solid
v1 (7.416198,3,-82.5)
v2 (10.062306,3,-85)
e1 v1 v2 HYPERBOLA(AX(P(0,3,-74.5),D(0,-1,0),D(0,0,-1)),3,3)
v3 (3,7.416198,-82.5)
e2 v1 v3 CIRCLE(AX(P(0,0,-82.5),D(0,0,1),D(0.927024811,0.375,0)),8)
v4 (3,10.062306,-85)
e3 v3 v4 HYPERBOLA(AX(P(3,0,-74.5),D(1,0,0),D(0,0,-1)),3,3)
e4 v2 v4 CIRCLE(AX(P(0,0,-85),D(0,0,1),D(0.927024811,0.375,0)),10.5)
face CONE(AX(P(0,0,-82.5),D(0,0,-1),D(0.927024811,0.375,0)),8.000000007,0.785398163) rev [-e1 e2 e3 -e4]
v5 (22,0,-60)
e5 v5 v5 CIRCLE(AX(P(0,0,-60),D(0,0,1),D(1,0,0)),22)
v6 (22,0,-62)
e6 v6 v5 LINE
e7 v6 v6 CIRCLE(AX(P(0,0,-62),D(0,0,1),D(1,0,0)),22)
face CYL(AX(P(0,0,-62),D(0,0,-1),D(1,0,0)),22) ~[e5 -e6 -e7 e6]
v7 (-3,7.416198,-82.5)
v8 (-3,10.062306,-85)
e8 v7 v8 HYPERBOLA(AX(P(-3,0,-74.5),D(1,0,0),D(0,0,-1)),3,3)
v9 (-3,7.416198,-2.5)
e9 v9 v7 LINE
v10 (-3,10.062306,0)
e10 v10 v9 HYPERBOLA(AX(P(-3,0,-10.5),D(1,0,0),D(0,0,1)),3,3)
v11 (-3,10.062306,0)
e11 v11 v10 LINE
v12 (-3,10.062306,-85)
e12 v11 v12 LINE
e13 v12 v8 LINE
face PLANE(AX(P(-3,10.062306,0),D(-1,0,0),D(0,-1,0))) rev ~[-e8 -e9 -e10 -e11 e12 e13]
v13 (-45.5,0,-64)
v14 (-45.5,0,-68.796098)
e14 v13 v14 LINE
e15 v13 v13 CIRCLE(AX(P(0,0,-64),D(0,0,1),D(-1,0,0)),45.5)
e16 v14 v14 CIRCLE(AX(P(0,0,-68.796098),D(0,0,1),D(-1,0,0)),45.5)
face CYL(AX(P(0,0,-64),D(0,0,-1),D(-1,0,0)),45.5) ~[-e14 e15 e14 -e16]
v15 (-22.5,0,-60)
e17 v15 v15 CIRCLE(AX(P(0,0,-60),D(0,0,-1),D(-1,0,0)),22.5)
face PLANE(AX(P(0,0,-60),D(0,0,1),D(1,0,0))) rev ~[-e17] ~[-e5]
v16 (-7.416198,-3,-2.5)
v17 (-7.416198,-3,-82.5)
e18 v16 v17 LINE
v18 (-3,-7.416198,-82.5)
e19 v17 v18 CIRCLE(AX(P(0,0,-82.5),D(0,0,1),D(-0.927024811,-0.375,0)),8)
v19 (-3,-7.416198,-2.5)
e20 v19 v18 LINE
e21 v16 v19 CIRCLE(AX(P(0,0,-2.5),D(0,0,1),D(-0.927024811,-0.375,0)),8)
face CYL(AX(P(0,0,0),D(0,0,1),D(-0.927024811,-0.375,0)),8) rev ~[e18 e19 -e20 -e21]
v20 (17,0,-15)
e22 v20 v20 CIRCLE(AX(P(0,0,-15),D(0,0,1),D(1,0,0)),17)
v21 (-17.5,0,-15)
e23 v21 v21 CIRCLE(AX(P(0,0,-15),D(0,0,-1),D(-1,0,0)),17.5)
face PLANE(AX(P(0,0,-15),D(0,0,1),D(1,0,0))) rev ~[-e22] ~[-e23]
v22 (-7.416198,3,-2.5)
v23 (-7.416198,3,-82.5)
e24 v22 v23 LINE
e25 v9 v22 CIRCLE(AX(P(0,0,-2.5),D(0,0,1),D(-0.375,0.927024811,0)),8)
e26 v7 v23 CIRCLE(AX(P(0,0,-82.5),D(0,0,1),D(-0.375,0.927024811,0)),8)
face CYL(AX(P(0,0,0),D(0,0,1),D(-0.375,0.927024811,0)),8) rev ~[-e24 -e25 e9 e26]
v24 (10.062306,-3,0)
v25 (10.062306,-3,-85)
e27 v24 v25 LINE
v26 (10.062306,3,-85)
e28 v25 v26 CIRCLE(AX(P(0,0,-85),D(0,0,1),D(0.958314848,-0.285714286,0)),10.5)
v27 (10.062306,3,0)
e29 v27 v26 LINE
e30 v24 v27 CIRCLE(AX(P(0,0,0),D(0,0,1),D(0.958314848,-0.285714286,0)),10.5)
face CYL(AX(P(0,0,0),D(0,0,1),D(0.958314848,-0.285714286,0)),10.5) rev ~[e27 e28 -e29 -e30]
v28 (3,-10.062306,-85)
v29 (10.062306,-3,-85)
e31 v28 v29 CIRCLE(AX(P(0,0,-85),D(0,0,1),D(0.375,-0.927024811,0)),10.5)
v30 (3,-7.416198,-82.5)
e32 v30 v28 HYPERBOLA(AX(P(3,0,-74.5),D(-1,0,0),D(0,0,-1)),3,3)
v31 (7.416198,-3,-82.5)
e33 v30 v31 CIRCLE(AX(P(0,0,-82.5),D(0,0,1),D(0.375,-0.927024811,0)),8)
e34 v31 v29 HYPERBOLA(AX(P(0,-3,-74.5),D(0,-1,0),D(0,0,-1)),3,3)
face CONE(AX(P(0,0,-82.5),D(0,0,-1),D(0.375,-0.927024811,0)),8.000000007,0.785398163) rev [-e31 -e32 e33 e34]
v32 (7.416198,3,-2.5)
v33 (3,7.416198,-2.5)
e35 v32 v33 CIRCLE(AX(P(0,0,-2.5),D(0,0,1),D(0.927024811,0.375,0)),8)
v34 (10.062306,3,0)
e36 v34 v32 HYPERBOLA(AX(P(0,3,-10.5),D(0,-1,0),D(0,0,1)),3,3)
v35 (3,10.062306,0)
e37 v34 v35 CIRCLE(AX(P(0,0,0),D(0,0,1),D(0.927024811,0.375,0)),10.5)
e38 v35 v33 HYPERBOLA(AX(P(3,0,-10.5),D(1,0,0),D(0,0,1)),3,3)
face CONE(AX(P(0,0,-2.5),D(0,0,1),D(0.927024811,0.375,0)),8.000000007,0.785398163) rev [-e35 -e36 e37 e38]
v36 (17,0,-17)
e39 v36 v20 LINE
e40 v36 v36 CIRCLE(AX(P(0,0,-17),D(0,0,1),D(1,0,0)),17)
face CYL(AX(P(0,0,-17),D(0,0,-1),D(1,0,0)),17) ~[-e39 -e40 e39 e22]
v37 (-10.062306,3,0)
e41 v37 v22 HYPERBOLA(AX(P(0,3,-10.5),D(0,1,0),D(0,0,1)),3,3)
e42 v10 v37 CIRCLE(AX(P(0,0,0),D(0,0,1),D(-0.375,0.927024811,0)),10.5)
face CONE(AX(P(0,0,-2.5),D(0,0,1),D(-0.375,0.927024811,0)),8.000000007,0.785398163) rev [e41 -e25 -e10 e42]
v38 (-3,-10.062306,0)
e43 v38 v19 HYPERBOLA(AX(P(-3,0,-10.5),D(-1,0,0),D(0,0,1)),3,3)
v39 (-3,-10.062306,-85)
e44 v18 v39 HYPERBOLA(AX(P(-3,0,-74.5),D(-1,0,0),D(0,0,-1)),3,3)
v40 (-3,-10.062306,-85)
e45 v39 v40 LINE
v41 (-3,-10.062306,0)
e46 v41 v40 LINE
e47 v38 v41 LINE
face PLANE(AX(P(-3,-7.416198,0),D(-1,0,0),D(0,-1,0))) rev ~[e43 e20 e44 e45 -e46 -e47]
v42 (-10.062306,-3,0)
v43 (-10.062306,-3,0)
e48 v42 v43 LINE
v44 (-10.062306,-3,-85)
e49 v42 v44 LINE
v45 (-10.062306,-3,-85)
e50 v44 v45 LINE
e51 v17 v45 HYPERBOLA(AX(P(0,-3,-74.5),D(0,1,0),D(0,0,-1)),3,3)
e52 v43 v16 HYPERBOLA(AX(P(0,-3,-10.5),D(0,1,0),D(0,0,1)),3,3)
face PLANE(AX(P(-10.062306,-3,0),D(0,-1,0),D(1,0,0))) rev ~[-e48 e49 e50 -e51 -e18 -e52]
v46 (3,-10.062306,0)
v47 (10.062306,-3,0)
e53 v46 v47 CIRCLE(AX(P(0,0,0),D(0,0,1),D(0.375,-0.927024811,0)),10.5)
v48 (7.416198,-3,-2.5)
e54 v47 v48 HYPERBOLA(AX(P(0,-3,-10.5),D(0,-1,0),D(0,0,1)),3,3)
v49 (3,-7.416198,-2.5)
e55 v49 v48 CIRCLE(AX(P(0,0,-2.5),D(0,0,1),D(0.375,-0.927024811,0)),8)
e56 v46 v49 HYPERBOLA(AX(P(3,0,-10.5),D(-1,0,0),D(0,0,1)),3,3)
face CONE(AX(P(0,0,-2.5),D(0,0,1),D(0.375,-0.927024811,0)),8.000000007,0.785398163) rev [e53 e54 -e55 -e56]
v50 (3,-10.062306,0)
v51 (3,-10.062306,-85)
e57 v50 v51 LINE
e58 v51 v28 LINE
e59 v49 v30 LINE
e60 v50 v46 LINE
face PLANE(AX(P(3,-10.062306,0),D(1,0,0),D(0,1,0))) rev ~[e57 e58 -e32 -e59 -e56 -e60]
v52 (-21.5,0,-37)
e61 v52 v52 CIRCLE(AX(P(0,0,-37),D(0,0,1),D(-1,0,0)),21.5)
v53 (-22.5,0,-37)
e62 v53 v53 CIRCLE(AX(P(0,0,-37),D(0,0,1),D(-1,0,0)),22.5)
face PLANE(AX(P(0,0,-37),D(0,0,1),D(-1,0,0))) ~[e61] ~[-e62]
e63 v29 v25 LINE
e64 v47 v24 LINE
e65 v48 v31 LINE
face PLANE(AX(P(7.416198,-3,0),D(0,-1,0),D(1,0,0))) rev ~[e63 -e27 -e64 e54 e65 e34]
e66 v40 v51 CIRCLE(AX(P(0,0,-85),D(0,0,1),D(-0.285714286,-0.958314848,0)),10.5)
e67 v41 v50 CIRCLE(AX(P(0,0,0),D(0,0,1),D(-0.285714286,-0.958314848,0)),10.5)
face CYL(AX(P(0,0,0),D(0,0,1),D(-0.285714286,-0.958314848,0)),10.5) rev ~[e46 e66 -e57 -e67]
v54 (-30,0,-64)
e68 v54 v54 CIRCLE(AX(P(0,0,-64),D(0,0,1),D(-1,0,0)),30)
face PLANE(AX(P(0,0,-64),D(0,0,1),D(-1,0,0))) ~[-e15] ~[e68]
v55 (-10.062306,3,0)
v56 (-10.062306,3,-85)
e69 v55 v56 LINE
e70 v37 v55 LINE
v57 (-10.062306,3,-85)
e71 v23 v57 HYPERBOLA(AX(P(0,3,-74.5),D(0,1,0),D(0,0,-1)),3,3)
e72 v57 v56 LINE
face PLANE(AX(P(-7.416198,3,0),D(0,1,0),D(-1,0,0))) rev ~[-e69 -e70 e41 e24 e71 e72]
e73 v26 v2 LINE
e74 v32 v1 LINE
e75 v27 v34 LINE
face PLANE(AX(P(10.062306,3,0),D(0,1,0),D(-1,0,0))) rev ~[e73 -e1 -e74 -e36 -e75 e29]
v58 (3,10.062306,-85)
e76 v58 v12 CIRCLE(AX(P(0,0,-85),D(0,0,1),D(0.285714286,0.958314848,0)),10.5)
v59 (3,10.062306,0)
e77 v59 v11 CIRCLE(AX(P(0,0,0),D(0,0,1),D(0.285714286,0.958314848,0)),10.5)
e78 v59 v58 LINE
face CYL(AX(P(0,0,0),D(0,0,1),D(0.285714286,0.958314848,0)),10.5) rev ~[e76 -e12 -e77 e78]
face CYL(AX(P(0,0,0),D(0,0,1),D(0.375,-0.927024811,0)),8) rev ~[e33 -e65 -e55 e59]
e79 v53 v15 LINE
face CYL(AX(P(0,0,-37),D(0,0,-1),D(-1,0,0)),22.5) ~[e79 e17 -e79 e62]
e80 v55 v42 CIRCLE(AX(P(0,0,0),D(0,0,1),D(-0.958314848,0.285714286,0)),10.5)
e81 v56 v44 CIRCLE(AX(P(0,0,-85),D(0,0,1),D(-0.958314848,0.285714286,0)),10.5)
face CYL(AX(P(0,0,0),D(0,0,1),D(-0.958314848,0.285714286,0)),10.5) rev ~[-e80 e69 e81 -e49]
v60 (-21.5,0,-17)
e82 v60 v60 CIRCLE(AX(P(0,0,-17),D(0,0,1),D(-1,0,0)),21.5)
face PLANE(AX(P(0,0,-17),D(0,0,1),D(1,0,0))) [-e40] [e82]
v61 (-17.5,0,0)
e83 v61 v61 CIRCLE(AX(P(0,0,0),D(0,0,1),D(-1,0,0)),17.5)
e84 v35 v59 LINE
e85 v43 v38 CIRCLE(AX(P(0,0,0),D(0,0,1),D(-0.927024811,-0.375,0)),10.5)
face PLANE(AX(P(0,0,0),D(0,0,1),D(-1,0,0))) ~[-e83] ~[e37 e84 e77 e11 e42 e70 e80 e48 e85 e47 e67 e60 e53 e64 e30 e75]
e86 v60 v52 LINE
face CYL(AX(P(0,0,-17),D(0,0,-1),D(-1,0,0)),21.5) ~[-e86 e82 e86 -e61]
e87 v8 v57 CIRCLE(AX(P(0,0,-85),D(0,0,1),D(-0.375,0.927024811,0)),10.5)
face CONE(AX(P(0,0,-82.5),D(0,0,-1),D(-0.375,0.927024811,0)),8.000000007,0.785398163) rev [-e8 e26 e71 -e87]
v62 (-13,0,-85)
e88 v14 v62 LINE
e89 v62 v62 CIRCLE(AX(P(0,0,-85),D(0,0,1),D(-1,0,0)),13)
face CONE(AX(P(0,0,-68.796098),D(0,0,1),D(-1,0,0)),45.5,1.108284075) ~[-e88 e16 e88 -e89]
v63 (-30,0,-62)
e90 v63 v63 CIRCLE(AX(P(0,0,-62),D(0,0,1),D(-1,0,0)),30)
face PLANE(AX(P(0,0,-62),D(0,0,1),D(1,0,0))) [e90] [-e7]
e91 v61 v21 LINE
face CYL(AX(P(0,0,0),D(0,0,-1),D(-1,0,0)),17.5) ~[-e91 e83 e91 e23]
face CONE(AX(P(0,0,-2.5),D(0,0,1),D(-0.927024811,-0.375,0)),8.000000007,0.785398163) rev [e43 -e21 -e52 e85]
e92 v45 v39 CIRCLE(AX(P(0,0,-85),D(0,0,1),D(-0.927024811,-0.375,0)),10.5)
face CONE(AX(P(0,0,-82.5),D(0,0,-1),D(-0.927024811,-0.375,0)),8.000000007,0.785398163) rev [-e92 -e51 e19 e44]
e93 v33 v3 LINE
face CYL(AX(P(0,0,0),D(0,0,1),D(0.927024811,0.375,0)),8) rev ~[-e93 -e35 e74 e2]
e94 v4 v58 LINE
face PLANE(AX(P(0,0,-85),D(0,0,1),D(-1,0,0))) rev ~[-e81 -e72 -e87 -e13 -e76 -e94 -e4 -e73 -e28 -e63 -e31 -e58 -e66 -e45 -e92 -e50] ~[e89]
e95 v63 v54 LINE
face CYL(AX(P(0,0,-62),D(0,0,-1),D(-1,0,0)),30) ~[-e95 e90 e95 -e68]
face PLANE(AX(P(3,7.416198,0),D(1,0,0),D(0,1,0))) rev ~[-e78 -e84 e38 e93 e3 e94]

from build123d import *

# Parameters (mm, degrees)
SKETCH_2_OUTSIDE_W  = 123.846
SKETCH_2_OUTSIDE_H  = 123.846
SKETCH_2_OUTSIDE_R  = 17
CUT_EXTRUDE_1_DEPTH = 2
SKETCH_3_OUTSIDE_W  = 123.846
SKETCH_3_OUTSIDE_H  = 123.846
SKETCH_3_OUTSIDE_R  = 22
CUT_EXTRUDE_2_DEPTH = 2
CUT_EXTRUDE_3_DEPTH = 107.609099049
CHAMFER_1_SIZE      = 2.5


with BuildPart() as part:
    # 草图1 → 旋转1 (revolve)
    with BuildSketch(Plane(origin=(0, 0, 0), x_dir=(0, 0, -1), z_dir=(1, 0, 0)), mode=Mode.PRIVATE) as revolve_1_sk:
        Polygon((0, 0), (0, 17.5), (17, 17.5), (17, 21.5), (37, 21.5), (37, 22.5), (62, 22.5), (62, 30), (64, 30), (64, 45.5), (68.796097738, 45.5), (85, 13), (85, 0), align=None)
    revolve(revolve_1_sk.sketch.rotate(Axis((0, 0, -85), (0, 0, 1)), 90), axis=Axis((0, 0, -85), (0, 0, 1)))

    # 草图2 outside → 切除-拉伸1 (cut)
    with BuildSketch(Plane.XY.offset(-17)):
        Rectangle(SKETCH_2_OUTSIDE_W, SKETCH_2_OUTSIDE_H)
        Circle(SKETCH_2_OUTSIDE_R, mode=Mode.SUBTRACT)
    extrude(amount=CUT_EXTRUDE_1_DEPTH, mode=Mode.SUBTRACT)

    # 草图3 outside → 切除-拉伸2 (cut)
    with BuildSketch(Plane.XY.offset(-62)):
        Rectangle(SKETCH_3_OUTSIDE_W, SKETCH_3_OUTSIDE_H)
        Circle(SKETCH_3_OUTSIDE_R, mode=Mode.SUBTRACT)
    extrude(amount=CUT_EXTRUDE_2_DEPTH, mode=Mode.SUBTRACT)

    # 草图4 → 切除-拉伸3 (cut, through all)
    with BuildSketch(Plane.XY):
        with BuildLine():
            Line((-3, 10.062305899), (-3, 7.416198487))
            ThreePointArc((-3, 7.416198487), (-5.656854249, 5.656854249), (-7.416198487, 3))
            Line((-7.416198487, 3), (-10.062305899, 3))
            ThreePointArc((-10.062305899, 3), (-10.5, 0), (-10.062305899, -3))
            Line((-10.062305899, -3), (-7.416198487, -3))
            ThreePointArc((-7.416198487, -3), (-5.656854249, -5.656854249), (-3, -7.416198487))
            Line((-3, -7.416198487), (-3, -10.062305899))
            ThreePointArc((-3, -10.062305899), (0, -10.5), (3, -10.062305899))
            Line((3, -10.062305899), (3, -7.416198487))
            ThreePointArc((3, -7.416198487), (5.656854249, -5.656854249), (7.416198487, -3))
            Line((7.416198487, -3), (10.062305899, -3))
            ThreePointArc((10.062305899, -3), (10.5, 0), (10.062305899, 3))
            Line((10.062305899, 3), (7.416198487, 3))
            ThreePointArc((7.416198487, 3), (5.656854249, 5.656854249), (3, 7.416198487))
            Line((3, 7.416198487), (3, 10.062305899))
            ThreePointArc((3, 10.062305899), (0, 10.5), (-3, 10.062305899))
        make_face()
    extrude(amount=-CUT_EXTRUDE_3_DEPTH, mode=Mode.SUBTRACT)

    # 倒角1
    chamfer_1_edges = [part.edges().sort_by_distance(p)[0] for p in [
        (5.656854249, -5.656854249, -85),
        (5.656854249, 5.656854249, -85),
        (-5.656854249, 5.656854249, -85),
        (-5.656854249, -5.656854249, -85),
        (-5.656854249, -5.656854249, 0),
        (5.656854249, -5.656854249, 0),
        (5.656854249, 5.656854249, 0),
        (-5.656854249, 5.656854249, 0),
    ]]
    chamfer(chamfer_1_edges, length=CHAMFER_1_SIZE)


solid = part.part
